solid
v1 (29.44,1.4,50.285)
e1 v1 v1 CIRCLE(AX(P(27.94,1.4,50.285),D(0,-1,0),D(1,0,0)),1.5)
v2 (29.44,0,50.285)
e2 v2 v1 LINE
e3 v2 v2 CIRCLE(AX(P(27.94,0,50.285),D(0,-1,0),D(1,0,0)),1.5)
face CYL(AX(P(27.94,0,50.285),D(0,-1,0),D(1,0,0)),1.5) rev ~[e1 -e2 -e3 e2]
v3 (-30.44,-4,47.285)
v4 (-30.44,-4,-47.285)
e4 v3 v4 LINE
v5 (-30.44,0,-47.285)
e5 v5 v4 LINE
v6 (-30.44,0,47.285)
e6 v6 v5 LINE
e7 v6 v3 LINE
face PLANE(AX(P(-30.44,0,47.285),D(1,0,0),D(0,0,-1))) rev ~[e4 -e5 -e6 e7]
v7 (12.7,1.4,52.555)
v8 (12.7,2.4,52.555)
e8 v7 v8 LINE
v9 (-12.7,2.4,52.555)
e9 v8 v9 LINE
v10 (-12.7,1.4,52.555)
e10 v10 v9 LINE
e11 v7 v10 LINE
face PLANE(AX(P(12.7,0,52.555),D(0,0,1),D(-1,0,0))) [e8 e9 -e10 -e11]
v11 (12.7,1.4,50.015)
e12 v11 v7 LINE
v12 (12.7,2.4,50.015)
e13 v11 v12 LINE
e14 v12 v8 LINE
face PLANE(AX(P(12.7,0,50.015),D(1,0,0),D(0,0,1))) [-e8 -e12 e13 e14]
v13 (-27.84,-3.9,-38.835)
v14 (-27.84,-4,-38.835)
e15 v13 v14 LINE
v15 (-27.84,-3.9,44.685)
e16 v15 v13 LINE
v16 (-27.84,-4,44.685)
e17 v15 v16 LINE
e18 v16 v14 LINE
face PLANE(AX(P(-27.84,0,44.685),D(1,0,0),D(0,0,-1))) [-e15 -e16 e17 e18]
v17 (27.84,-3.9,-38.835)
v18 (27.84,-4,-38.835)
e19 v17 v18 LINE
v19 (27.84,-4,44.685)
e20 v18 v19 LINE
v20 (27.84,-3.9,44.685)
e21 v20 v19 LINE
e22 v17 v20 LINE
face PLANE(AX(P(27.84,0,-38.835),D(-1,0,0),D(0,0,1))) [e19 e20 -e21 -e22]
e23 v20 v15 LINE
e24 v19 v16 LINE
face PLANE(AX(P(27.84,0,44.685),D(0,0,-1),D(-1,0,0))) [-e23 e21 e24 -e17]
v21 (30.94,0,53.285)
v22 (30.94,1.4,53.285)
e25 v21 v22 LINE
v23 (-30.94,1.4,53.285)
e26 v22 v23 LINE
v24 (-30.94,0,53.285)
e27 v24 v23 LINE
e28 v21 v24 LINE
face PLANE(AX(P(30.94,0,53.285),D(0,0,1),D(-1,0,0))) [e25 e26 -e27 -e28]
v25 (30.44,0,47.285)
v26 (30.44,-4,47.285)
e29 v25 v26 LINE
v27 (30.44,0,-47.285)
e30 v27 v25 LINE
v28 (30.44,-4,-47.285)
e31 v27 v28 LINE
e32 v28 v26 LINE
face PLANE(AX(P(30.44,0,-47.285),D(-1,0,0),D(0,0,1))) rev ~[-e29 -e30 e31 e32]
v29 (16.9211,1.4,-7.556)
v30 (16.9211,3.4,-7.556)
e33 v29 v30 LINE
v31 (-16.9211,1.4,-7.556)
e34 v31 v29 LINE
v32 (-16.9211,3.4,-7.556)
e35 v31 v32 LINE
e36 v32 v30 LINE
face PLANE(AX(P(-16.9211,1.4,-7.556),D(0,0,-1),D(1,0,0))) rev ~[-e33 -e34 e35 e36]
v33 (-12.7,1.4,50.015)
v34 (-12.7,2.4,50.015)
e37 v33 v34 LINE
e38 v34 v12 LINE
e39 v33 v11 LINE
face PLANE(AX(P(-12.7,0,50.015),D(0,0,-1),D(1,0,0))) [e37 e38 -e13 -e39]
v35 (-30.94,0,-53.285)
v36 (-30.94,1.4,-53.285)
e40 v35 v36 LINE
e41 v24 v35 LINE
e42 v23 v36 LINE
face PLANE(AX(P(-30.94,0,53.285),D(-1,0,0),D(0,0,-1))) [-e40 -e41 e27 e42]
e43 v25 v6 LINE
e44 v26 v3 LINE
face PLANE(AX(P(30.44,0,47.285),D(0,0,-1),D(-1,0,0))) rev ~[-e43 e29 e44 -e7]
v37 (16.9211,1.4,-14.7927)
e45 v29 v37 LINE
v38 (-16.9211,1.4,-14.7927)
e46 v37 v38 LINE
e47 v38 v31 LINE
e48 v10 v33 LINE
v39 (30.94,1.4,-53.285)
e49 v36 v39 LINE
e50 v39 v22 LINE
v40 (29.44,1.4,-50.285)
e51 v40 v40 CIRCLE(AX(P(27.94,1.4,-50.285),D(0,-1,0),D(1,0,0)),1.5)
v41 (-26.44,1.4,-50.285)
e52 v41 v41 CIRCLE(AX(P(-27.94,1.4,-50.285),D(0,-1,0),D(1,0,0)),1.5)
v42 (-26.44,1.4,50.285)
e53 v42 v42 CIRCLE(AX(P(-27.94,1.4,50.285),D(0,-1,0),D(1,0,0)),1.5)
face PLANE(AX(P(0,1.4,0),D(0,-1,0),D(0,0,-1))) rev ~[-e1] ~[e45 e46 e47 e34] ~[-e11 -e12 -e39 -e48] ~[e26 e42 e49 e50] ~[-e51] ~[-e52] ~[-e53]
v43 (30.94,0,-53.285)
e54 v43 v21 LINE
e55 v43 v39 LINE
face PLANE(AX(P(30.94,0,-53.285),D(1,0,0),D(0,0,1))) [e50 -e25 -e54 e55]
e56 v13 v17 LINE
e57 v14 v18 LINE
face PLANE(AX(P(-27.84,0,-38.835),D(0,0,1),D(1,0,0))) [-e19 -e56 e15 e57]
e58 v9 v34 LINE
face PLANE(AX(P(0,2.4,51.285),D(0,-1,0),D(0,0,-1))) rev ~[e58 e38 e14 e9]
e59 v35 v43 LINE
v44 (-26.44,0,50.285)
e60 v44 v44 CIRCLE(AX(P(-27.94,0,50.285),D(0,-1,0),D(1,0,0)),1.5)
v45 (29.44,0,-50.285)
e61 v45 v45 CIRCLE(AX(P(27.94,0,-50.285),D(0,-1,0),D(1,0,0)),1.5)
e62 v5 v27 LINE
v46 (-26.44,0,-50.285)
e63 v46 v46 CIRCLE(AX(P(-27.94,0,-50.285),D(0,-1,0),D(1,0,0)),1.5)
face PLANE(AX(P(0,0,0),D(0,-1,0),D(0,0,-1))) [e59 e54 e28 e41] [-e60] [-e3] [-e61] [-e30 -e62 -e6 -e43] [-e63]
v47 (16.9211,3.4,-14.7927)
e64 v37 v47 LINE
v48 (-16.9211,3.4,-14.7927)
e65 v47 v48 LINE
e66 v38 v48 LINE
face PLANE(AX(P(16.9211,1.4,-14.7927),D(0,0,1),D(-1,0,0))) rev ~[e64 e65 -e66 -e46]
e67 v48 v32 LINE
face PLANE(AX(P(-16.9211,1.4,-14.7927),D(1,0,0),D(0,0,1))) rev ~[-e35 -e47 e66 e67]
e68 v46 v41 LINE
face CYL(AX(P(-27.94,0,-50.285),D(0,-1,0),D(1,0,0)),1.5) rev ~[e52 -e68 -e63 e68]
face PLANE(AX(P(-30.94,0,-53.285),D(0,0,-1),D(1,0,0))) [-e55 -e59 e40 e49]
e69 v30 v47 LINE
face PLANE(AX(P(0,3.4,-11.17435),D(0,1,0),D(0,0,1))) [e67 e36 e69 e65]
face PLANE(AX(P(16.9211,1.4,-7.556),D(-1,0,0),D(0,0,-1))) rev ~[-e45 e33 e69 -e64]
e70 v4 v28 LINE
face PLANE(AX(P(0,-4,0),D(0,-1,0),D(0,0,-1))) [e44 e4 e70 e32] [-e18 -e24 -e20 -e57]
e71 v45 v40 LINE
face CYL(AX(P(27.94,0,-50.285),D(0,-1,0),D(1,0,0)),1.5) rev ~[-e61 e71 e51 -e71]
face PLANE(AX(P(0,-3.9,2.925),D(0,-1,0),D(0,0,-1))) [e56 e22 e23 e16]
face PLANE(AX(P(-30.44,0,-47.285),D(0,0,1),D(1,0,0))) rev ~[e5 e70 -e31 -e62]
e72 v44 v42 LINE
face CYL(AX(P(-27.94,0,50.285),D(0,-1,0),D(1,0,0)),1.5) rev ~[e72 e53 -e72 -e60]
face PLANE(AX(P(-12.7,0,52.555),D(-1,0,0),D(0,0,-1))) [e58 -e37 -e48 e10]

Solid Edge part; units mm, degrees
sketch "Sketch1" plane through (0, 0, 0) normal (0, -1, 0) x (1, 0, 0)
  circle A0 centre (27.94, 50.285) radius 1.5
  line L0 (30.94, 53.285) -> (-30.94, 53.285)
  line L1 (-30.94, 53.285) -> (-30.94, -53.285)
  line L2 (-30.94, -53.285) -> (30.94, -53.285)
  line L3 (30.94, -53.285) -> (30.94, 53.285)
  circle A1 centre (-27.94, -50.285) radius 1.5
  circle A2 centre (-27.94, 50.285) radius 1.5
  circle A3 centre (27.94, -50.285) radius 1.5
  dimension "D1" = 61.88
  dimension "D2" = 106.57
  dimension "D3" = 3
  dimension "D4" = 3
  dimension "D5" = 3
  dimension "D6" = 3
  dimension "D7" = 3
extrude "Protrusion1" add sketch "Sketch1" against normal blind 1.4
sketch "Sketch2" plane through (0, 0, 0) normal (0, -1, 0) x (1, 0, 0)
  line L0 (30.44, 47.285) -> (-30.44, 47.285)
  line L1 (-30.44, 47.285) -> (-30.44, -47.285)
  line L2 (-30.44, -47.285) -> (30.44, -47.285)
  line L3 (30.44, -47.285) -> (30.44, 47.285)
  line L4 (27.84, 44.685) -> (-27.84, 44.685)
  line L5 (-27.84, 44.685) -> (-27.84, -38.835)
  line L6 (-27.84, -38.835) -> (27.84, -38.835)
  line L7 (27.84, -38.835) -> (27.84, 44.685)
  dimension "D1" = 60.88
  dimension "D2" = 94.57
  dimension "D3" = 0.5
  dimension "D4" = 6
  dimension "D5" = 55.68
  dimension "D6" = 83.52
  dimension "D7" = 8.6
extrude "ExtrudedProtrusion_2" add sketch "Sketch2" along normal blind 4
sketch "Sketch3" plane through (0, 0, 0) normal (0, -1, 0) x (1, 0, 0)
  line L0 (27.84, 44.685) -> (-27.84, 44.685)
  line L1 (-27.84, 44.685) -> (-27.84, -38.835)
  line L2 (-27.84, -38.835) -> (27.84, -38.835)
  line L3 (27.84, -38.835) -> (27.84, 44.685)
extrude "ExtrudedProtrusion_3" add sketch "Sketch3" along normal blind 2.229
sketch "Sketch4" plane through (0, 0, 0) normal (0, -1, 0) x (1, 0, 0)
  line L0 (12.7, 52.555) -> (-12.7, 52.555)
  line L1 (-12.7, 52.555) -> (-12.7, 50.015)
  line L2 (-12.7, 50.015) -> (12.7, 50.015)
  line L3 (12.7, 50.015) -> (12.7, 52.555)
extrude "ExtrudedProtrusion_4" add sketch "Sketch4" against normal blind 2.4
sketch "Sketch5" plane through (0, 1.4, 0) normal (0, 1, 0) x (-1, 0, 0)
  line L0 (16.9211, -14.7927) -> (16.9211, -7.556)
  line L1 (16.9211, -7.556) -> (-16.9211, -7.556)
  line L2 (-16.9211, -7.556) -> (-16.9211, -14.7927)
  line L3 (-16.9211, -14.7927) -> (16.9211, -14.7927)
extrude "ExtrudedProtrusion_5" add sketch "Sketch5" along normal blind 2
sketch "Sketch6" plane through (0, 0, 0) normal (0, -1, 0) x (1, 0, 0)
  line L0 (27.84, 44.685) -> (-27.84, 44.685)
  line L1 (-27.84, 44.685) -> (-27.84, -38.835)
  line L2 (-27.84, -38.835) -> (27.84, -38.835)
  line L3 (27.84, -38.835) -> (27.84, 44.685)
extrude "ExtrudedProtrusion_6" add sketch "Sketch6" along normal blind 3.9
properties material "Polycarbonate"
